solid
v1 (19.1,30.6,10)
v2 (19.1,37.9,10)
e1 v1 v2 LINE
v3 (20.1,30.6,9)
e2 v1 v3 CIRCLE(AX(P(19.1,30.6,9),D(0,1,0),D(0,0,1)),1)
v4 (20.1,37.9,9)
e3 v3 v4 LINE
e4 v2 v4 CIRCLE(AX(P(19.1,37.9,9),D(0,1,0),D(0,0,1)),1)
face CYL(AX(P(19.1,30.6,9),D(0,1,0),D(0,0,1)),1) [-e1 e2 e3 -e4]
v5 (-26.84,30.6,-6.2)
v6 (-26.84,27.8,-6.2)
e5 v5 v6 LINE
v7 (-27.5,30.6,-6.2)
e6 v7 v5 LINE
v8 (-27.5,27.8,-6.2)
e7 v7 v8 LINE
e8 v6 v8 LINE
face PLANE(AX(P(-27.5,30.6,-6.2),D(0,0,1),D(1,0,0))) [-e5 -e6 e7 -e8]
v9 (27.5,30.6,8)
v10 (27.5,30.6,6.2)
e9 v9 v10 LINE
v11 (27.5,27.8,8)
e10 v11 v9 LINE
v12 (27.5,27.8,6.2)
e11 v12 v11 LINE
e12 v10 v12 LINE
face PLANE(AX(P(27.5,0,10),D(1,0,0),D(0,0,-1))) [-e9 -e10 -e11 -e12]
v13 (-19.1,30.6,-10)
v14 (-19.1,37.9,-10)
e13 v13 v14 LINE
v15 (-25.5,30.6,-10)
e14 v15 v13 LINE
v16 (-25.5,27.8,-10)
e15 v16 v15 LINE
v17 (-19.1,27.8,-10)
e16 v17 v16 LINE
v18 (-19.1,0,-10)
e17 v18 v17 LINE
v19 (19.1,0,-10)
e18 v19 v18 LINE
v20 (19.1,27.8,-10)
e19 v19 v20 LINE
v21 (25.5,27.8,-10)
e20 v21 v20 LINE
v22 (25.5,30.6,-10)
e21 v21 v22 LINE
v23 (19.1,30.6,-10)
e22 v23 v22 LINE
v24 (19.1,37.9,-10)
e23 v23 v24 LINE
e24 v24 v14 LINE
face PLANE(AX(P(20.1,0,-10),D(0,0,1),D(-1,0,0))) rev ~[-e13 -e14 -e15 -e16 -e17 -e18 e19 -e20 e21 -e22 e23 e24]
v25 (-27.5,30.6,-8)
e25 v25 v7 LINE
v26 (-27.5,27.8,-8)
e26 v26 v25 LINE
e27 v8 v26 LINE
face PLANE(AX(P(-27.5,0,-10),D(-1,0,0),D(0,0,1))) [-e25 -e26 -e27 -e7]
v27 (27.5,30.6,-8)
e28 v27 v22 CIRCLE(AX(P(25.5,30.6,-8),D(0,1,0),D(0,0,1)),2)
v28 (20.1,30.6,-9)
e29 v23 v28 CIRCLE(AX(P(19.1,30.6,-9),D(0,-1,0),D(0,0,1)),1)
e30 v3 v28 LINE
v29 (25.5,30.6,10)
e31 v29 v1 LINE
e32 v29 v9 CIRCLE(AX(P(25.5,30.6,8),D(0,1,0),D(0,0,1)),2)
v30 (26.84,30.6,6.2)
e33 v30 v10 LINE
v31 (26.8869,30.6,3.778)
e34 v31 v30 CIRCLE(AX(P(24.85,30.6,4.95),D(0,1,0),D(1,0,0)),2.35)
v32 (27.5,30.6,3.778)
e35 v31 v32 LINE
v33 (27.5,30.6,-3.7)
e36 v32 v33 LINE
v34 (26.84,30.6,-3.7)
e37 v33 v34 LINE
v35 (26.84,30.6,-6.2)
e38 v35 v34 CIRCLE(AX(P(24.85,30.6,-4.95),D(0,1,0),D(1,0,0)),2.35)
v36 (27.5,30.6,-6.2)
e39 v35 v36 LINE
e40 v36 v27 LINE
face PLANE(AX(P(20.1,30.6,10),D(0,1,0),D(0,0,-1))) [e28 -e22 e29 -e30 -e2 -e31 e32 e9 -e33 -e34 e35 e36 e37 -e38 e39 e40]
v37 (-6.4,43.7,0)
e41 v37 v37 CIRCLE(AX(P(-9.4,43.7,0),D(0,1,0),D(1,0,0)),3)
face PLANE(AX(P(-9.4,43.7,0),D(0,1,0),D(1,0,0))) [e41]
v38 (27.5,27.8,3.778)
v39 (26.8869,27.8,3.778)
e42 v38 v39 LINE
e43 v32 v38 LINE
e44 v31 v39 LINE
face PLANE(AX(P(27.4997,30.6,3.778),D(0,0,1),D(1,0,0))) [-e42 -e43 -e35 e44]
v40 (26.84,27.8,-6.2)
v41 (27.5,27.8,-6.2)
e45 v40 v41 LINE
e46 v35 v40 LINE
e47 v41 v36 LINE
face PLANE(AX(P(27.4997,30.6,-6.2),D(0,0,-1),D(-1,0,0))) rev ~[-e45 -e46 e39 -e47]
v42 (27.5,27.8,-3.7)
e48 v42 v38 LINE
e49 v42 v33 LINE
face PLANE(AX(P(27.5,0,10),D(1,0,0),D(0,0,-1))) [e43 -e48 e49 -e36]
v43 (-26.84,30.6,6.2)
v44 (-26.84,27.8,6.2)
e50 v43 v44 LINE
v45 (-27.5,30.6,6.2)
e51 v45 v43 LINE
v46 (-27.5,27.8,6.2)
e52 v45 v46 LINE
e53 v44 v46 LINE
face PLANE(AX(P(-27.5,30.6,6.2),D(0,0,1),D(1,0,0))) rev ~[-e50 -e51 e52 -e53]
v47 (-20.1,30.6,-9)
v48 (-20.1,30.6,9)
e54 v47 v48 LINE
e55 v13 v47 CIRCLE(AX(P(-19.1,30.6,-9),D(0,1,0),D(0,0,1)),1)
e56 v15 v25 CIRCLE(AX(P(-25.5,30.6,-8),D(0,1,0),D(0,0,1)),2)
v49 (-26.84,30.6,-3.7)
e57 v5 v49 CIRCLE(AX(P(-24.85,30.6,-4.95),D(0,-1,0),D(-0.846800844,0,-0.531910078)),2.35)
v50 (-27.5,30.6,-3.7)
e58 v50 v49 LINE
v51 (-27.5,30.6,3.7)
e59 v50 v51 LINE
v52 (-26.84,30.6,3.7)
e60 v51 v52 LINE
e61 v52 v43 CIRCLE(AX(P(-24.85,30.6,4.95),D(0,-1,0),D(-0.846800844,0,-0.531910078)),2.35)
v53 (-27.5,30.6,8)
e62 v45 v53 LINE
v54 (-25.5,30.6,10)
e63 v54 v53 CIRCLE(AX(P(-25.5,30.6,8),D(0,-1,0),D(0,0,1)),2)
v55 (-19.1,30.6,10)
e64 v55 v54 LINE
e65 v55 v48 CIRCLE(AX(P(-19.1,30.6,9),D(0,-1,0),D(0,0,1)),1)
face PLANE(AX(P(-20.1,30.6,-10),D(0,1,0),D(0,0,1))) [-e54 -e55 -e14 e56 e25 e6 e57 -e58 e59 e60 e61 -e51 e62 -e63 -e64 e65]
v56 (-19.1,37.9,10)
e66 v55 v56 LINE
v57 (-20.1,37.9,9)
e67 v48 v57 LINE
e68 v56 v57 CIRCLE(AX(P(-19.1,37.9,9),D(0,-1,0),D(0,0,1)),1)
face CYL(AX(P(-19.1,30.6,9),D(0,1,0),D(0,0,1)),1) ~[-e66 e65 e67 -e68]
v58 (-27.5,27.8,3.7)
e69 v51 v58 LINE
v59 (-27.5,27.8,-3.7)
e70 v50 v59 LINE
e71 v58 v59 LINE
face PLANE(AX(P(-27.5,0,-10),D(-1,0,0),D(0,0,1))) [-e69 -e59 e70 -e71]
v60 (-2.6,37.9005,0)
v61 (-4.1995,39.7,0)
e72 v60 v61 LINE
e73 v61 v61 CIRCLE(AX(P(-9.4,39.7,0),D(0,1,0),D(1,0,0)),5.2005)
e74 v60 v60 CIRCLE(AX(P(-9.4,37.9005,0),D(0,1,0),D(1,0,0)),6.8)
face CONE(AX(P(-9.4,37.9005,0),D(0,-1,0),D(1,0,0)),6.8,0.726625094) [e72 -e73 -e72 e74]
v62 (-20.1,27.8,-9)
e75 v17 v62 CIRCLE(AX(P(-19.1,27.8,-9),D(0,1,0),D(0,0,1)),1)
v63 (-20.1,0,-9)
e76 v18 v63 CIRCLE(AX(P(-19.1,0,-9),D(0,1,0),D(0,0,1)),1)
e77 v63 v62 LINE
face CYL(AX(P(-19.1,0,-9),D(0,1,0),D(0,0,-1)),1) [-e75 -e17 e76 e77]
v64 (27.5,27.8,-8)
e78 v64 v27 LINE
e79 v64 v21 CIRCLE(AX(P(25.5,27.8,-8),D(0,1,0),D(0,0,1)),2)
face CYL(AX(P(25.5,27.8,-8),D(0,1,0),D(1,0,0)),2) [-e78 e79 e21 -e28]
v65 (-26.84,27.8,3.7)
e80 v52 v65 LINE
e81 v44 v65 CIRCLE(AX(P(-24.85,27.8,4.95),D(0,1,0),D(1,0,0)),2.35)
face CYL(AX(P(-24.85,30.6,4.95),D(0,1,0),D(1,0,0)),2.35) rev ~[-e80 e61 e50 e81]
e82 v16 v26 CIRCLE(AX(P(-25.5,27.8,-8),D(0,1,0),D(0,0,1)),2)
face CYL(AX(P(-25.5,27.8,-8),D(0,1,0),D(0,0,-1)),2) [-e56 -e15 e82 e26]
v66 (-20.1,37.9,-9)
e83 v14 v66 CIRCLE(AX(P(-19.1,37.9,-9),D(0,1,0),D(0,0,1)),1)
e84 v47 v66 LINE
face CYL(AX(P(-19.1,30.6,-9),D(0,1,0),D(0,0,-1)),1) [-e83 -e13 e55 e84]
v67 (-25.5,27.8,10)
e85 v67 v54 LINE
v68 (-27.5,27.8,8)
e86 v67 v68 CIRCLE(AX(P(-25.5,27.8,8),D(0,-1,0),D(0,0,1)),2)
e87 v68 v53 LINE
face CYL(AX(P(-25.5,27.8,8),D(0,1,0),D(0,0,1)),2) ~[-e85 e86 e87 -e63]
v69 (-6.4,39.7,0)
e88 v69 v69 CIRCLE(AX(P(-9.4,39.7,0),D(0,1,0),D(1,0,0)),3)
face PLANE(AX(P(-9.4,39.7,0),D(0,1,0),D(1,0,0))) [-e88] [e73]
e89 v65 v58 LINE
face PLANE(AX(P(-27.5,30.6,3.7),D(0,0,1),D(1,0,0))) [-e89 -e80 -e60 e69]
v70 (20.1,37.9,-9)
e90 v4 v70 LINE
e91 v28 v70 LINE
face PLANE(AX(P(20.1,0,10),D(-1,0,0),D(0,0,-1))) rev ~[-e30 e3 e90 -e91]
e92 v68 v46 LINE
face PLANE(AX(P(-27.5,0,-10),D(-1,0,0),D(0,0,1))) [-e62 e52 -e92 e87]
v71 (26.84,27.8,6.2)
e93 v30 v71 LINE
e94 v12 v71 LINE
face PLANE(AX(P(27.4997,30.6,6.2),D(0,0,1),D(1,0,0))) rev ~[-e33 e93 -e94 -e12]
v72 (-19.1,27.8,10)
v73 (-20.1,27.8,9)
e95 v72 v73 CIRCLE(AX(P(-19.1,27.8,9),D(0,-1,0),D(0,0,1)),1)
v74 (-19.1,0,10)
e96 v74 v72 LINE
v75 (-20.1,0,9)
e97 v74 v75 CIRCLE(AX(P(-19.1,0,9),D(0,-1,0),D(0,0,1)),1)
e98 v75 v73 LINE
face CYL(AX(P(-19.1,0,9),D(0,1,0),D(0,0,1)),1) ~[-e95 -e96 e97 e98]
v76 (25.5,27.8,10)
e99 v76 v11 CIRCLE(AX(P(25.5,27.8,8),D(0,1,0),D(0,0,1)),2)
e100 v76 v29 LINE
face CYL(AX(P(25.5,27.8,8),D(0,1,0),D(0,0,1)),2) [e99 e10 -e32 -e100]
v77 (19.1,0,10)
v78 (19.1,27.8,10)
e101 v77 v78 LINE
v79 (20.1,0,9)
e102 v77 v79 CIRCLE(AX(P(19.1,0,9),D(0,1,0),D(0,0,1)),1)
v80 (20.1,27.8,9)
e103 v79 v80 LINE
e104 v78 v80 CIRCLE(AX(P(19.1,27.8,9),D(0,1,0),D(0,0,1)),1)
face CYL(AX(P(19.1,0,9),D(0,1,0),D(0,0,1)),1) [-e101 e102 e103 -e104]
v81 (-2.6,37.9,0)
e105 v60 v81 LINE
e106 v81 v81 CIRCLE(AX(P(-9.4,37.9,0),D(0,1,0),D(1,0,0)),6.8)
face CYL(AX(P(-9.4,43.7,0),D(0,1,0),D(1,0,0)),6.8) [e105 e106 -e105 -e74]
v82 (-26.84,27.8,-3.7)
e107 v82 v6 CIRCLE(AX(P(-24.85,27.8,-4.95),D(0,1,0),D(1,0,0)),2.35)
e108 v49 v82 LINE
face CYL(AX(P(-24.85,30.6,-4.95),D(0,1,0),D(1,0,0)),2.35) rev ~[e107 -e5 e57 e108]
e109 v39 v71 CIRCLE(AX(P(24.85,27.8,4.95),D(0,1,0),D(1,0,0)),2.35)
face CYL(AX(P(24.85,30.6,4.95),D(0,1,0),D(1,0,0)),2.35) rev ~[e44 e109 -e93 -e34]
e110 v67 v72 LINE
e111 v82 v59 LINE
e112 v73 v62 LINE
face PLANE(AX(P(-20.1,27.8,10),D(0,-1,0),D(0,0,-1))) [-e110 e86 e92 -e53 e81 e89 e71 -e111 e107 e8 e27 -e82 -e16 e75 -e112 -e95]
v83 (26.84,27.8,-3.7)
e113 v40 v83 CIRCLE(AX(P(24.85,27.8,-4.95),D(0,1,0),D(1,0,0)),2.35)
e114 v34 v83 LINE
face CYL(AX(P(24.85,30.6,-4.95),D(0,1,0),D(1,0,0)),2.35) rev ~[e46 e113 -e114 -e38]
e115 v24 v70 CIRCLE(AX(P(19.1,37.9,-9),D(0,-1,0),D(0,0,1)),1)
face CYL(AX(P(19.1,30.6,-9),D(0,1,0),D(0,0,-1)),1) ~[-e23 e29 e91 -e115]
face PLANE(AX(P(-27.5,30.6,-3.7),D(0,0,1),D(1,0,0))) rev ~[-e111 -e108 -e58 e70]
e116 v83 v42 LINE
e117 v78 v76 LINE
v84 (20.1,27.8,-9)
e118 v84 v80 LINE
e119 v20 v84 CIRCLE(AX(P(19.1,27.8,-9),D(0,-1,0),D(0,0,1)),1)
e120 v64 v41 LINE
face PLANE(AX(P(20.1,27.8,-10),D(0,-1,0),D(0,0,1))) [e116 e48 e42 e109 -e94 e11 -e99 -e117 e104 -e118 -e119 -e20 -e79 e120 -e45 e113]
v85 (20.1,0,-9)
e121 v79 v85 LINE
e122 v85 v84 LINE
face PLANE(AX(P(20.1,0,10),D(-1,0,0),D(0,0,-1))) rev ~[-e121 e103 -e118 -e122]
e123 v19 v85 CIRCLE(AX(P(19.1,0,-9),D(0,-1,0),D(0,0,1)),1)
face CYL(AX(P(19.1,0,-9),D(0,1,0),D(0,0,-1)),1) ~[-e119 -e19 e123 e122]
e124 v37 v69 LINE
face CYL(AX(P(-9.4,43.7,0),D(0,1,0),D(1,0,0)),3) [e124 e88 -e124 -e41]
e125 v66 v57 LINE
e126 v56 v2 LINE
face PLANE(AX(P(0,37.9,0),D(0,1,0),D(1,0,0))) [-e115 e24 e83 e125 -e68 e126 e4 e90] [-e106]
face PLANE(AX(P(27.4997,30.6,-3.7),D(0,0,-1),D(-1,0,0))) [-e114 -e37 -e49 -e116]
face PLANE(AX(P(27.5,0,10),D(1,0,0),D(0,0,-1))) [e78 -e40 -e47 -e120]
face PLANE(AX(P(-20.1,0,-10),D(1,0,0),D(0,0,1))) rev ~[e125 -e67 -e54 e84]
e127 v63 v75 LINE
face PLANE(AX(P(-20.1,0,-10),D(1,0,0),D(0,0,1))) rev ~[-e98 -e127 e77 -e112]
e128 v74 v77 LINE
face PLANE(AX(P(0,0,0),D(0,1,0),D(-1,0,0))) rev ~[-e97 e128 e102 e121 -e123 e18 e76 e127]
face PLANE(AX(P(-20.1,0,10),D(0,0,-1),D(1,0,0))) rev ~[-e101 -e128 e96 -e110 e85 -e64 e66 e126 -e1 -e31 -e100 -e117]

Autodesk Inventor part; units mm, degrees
ref_plane "YZ Plane" through (0, 0, 0) normal (1, 0, 0) x (0, 1, 0)
ref_plane "XZ Plane" through (0, 0, 0) normal (0, 1, 0) x (-1, 0, 0)
ref_plane "XY Plane" through (0, 0, 0) normal (0, 0, 1) x (1, 0, 0)
sketch "Sketch1" plane through (0, 0, 0) normal (0, 1, 0) x (-1, 0, 0)
  line L0 (-20.1, -10) -> (20.1, -10)
  line L1 (20.1, -10) -> (20.1, 10)
  line L2 (20.1, 10) -> (-20.1, 10)
  line L3 (-20.1, 10) -> (-20.1, -10)
  line L4 (-20.1, -10) -> (20.1, 10) construction
  line L5 (20.1, -10) -> (-20.1, 10) construction
  point P0 (0, 0)
extrude "Extrusion1" add sketch "Sketch1" along normal blind 43.7
sketch "Sketch2" plane through (20.1, 0, 10) normal (1, 0, 0) x (0, 0, -1)
  line L0 (20, 0) -> (20, 43.7) projected
  line L1 (0, 0) -> (0, 43.7) projected
  line L2 (20, 27.8) -> (0, 27.8)
  line L3 (0, 27.8) -> (0, 30.6)
  line L4 (0, 30.6) -> (20, 30.6)
  line L5 (20, 30.6) -> (20, 27.8)
  point P0 (10, 0)
sketch "Sketch3" plane through (-20.1, 0, -10) normal (-1, 0, 0) x (0, 0, 1)
  line L0 (20, 0) -> (20, 43.7) projected
  line L1 (0, 0) -> (0, 43.7) projected
  line L2 (20, 27.8) -> (0, 27.8)
  line L3 (0, 27.8) -> (0, 30.6)
  line L4 (0, 30.6) -> (20, 30.6)
  line L5 (20, 30.6) -> (20, 27.8)
  point P0 (10, 0)
extrude "Extrusion2" add sketch "Sketch3" along normal blind 7.4
extrude "Extrusion3" add sketch "Sketch2" along normal blind 7.4
sketch "Sketch4" plane through (0, 43.7, 0) normal (0, 1, 0) x (1, 0, 0)
  line L0 (20.1, 10) -> (-20.1, 10) projected
  line L1 (-20.1, 10) -> (-20.1, -10) projected
  line L2 (-20.1, -10) -> (20.1, -10) projected
  line L3 (20.1, -10) -> (20.1, 10) projected
  circle A0 centre (-9.4, 0) radius 6.8
  circle A1 centre (-9.4, 0) radius 5.1
  circle A2 centre (-9.4, 0) radius 3
extrude "Extrusion4" cut sketch "Sketch4" against normal blind 5.8 contours L3 L2 L1 L0
sketch "Sketch5" plane through (-9.4, 43.7, 0) normal (0, 1, 0) x (1, 0, 0)
  circle A0 centre (0, 0) radius 6.8 projected
  circle A1 centre (0, 0) radius 2.5
  dimension "d20" = 5
extrude "Extrusion5" cut sketch "Sketch5" against normal blind 4
fillet "Fillet1" radius 2 1 edges at (-27.5, 29.2, 10)
fillet "Fillet2" radius 2 1 edges at (27.5, 29.2, 10)
fillet "Fillet3" radius 2 1 edges at (27.5, 29.2, -10)
fillet "Fillet4" radius 2 1 edges at (-27.5, 29.2, -10)
fillet "Fillet5" radius 1 1 edges at (-20.1, 34.25, -10)
fillet "Fillet6" radius 1 1 edges at (-20.1, 13.9, -10)
fillet "Fillet7" radius 1 1 edges at (-20.1, 34.25, 10)
fillet "Fillet8" radius 1 1 edges at (-20.1, 13.9, 10)
fillet "Fillet9" radius 1 1 edges at (20.1, 34.25, 10)
fillet "Fillet10" radius 1 1 edges at (20.1, 13.9, 10)
fillet "Fillet11" radius 1 1 edges at (20.1, 34.25, -10)
fillet "Fillet12" radius 1 1 edges at (20.1, 13.9, -10)
sketch "Sketch6" plane through (-9.4, 43.7, 0) normal (0, 1, 0) x (1, 0, 0)
  circle A0 centre (0, 0) radius 3
  point P0 (9.4, 0)
extrude "Extrusion6" add sketch "Sketch6" against normal blind 4
chamfer "Chamfer3" distance 1.8 distance2 1.6 1 edges at (-16.2, 39.7, 0) measured on face at (-2.6881, 38.5, 1.0908)
sketch "Sketch7" plane through (27.5, 30.6, 8) normal (0, 1, 0) x (1, 0, 0)
  circle A0 centre (-2.65, 12.95) radius 2.35
  circle A1 centre (-2.65, 3.05) radius 2.35
  line L0 (-0.0003, 1.8) -> (-0.66, 1.8)
  line L1 (-0.0003, 4.222) -> (-0.6131, 4.222)
  line L2 (-0.0003, 12.95) -> (-0.0003, 14.2)
  line L3 (-0.0003, 14.2) -> (-0.66, 14.2)
  line L4 (-0.0003, 12.95) -> (-0.0003, 11.7)
  line L5 (-0.0003, 11.7) -> (-0.66, 11.7)
  line L6 (-0.0003, 4.222) -> (-0.0003, 1.8)
  line L7 (0, 16) -> (0, 0) projected
  line L8 (-0.0003, 14.2) -> (2.6929, 14.2)
  line L9 (-0.0003, 11.7) -> (2.6929, 11.7)
  line L10 (2.6929, 11.7) -> (2.6929, 14.2)
  line L11 (-0.0003, 4.222) -> (2.459, 4.222)
  line L12 (-0.0003, 1.8) -> (2.459, 1.8)
  line L13 (2.459, 1.8) -> (2.459, 4.222)
  point P0 (-27.5, 8)
sketch "Sketch8" plane through (-27.5, 30.6, 8) normal (0, 1, 0) x (1, 0, 0)
  circle A0 centre (2.65, 12.95) radius 2.35
  circle A1 centre (2.65, 3.05) radius 2.35
  line L0 (0, 3.05) -> (0, 4.3)
  line L1 (0, 4.3) -> (0, 1.8)
  line L2 (0, 4.3) -> (0.66, 4.3)
  line L3 (0, 1.8) -> (0.66, 1.8)
  line L4 (0, 12.95) -> (0, 11.7)
  line L5 (0, 11.7) -> (0.66, 11.7)
  line L6 (0, 12.95) -> (0, 14.2)
  line L7 (0, 14.2) -> (0.66, 14.2)
  point P0 (27.5, 8)
extrude "Extrusion7" cut sketch "Sketch7" against normal blind 3
extrude "Extrusion8" cut sketch "Sketch8" against normal blind 3
properties part number "standart_servo"
